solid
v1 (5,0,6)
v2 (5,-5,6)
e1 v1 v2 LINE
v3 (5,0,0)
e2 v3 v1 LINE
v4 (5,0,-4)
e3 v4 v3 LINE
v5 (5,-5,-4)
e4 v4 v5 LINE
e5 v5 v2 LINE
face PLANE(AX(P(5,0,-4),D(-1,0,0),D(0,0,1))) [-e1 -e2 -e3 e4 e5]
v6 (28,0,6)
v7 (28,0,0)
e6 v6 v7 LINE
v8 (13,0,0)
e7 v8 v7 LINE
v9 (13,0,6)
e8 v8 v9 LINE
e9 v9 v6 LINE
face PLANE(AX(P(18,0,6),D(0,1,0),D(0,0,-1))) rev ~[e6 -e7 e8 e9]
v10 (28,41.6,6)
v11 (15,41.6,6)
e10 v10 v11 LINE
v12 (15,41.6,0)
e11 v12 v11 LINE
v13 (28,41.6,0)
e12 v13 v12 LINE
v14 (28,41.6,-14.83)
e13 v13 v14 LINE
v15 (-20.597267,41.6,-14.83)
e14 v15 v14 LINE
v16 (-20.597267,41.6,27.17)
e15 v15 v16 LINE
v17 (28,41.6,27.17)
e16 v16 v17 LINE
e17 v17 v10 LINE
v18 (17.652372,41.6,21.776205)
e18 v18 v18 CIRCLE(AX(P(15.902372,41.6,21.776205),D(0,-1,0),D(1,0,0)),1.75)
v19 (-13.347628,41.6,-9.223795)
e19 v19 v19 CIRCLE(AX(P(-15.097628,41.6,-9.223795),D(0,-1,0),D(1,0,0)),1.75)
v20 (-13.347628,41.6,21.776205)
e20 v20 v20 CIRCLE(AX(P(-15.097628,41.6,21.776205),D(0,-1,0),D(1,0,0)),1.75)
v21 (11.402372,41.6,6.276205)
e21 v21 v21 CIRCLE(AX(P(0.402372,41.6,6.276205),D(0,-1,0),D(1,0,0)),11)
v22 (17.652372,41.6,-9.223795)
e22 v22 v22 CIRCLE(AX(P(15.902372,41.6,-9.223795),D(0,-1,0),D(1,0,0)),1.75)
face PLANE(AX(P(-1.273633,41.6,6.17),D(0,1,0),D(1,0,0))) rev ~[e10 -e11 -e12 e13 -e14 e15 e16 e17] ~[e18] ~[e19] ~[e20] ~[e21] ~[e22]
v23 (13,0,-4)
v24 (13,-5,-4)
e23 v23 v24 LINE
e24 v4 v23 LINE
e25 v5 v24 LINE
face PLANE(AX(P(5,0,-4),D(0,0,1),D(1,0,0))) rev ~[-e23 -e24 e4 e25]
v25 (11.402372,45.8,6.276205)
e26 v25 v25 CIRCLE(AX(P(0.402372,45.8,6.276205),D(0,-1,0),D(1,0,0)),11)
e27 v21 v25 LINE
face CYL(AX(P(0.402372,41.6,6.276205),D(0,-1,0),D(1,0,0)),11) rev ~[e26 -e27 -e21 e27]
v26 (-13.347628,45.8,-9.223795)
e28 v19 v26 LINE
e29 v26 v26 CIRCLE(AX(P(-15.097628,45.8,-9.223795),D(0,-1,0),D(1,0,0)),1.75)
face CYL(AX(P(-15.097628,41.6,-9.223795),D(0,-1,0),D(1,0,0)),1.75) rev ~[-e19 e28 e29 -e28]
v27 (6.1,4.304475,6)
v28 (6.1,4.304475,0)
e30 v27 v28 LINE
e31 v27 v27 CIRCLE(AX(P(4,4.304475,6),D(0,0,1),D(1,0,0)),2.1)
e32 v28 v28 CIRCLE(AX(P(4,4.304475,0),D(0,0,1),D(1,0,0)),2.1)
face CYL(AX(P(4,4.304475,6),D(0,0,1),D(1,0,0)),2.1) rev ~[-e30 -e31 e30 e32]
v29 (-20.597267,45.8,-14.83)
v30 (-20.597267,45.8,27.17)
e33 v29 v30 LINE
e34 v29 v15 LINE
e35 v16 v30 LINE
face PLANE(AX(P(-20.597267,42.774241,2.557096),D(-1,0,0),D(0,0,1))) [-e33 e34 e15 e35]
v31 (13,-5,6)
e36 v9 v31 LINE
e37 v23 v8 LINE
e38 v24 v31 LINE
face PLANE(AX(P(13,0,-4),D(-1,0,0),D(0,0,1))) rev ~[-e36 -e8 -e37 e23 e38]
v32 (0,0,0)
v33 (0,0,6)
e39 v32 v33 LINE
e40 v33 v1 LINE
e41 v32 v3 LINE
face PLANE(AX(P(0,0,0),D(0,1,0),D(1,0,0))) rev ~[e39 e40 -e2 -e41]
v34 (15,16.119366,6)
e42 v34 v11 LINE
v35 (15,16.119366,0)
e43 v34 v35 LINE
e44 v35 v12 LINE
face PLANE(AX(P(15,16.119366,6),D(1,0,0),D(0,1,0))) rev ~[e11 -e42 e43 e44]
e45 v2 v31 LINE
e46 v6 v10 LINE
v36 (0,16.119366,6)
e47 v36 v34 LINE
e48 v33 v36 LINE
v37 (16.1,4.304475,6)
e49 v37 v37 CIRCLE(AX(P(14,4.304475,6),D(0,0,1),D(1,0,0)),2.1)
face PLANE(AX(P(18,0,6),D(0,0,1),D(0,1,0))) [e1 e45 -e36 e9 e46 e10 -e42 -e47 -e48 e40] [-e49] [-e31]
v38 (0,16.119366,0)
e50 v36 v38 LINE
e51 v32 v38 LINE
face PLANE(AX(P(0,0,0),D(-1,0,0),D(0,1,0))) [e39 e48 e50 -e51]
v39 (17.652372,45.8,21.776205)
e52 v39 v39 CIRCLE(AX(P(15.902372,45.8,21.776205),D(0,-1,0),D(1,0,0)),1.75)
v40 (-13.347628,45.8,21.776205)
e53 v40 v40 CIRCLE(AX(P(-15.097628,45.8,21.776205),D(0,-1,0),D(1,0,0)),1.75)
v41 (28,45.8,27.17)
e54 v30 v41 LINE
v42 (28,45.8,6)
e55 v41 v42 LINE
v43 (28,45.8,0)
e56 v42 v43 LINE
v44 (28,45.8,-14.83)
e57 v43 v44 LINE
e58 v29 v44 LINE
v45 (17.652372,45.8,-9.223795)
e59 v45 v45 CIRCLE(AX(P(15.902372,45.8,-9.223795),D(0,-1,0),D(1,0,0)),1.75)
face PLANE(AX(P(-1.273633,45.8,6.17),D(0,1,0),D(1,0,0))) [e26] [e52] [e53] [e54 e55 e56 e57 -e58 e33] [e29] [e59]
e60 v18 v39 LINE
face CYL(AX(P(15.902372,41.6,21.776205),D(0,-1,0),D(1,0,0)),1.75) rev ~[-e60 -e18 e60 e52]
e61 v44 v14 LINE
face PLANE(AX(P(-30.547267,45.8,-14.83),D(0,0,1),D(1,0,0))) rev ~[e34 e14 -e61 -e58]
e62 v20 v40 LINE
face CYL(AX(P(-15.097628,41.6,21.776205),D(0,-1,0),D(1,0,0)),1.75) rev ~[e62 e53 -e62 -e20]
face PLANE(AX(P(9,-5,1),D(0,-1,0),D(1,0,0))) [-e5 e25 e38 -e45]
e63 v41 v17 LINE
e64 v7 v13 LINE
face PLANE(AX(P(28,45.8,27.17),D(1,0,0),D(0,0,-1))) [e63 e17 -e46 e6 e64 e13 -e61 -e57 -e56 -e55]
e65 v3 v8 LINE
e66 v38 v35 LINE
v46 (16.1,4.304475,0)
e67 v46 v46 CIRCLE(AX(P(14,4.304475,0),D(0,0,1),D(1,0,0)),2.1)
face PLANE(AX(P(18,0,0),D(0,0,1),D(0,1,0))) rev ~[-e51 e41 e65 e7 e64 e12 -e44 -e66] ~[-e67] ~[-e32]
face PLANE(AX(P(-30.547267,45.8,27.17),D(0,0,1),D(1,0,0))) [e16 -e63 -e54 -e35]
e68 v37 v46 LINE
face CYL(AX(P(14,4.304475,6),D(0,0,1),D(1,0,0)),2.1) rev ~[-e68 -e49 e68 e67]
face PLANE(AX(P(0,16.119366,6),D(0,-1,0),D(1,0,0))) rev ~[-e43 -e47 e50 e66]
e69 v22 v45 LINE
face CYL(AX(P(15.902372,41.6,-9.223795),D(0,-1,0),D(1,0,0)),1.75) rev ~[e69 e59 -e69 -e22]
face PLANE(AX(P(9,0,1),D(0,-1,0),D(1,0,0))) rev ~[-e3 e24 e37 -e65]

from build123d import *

# Parameters (mm, degrees)
SKETCH_1_W          = 18
SKETCH_1_H          = 50
EXTRUDE_1_DEPTH     = 6
SKETCH_3_R          = 2.1
CUT_EXTRUDE_2_DEPTH = 6
SKETCH_4_W          = 8
SKETCH_4_H          = 10
EXTRUDE_2_DEPTH     = 5
SKETCH_5_W          = 6
SKETCH_5_H          = 50
EXTRUDE_3_DEPTH     = 10
SKETCH_6_W          = 15
SKETCH_6_H          = 33.880633875
CUT_EXTRUDE_3_DEPTH = 10
SKETCH_7_W          = 18.194641251
SKETCH_7_H          = 8.438338953
CUT_EXTRUDE_4_DEPTH = 4.2
SKETCH_8_W          = 58.547266504
SKETCH_8_H          = 42
EXTRUDE_4_DEPTH     = 4.2
SKETCH_9_W          = 49.225807408
SKETCH_9_H          = 6.051517764
CUT_EXTRUDE_5_DEPTH = 9.95
SKETCH_15_R         = 1.75
CUT_EXTRUDE_6_DEPTH = 9.95
SKETCH_16_R         = 11
CUT_EXTRUDE_7_DEPTH = 10


with BuildPart() as part:
    # 草图1 → 凸台-拉伸1 (new body)
    with BuildSketch(Plane.XY):
        with Locations((9, 25)):
            Rectangle(SKETCH_1_W, SKETCH_1_H)
    extrude(amount=EXTRUDE_1_DEPTH)

    # 草图3 → 切除-拉伸2 (cut)
    with BuildSketch(Plane.XY.offset(6)):
        with Locations((4, 4.30447472)):
            Circle(SKETCH_3_R)
        with Locations((14, 4.30447472)):
            Circle(SKETCH_3_R)
    extrude(amount=-CUT_EXTRUDE_2_DEPTH, mode=Mode.SUBTRACT)

    # 草图4 → 凸台-拉伸2 (add)
    with BuildSketch(Plane.XZ):
        with Locations((9, 1)):
            Rectangle(SKETCH_4_W, SKETCH_4_H)
    extrude(amount=EXTRUDE_2_DEPTH)

    # 草图5 → 凸台-拉伸3 (add)
    with BuildSketch(Plane(origin=(18, 0, 0), x_dir=(0, 0, -1), z_dir=(1, 0, 0))):
        with Locations((-3, 25)):
            Rectangle(SKETCH_5_W, SKETCH_5_H)
    extrude(amount=EXTRUDE_3_DEPTH)

    # 草图6 → 切除-拉伸3 (cut)
    with BuildSketch(Plane.XY.offset(6)):
        with Locations((7.5, 33.059683062)):
            Rectangle(SKETCH_6_W, SKETCH_6_H)
    extrude(amount=-CUT_EXTRUDE_3_DEPTH, mode=Mode.SUBTRACT)

    # 草图7 → 切除-拉伸4 (cut)
    with BuildSketch(Plane(origin=(0, 50, 0), x_dir=(1, 0, 0), z_dir=(0, 1, 0))):
        with Locations((18.902679374, -1.780830523)):
            Rectangle(SKETCH_7_W, SKETCH_7_H)
    extrude(amount=-CUT_EXTRUDE_4_DEPTH, mode=Mode.SUBTRACT)

    # 草图8 → 凸台-拉伸4 (add)
    with BuildSketch(Plane(origin=(0, 45.8, 0), x_dir=(1, 0, 0), z_dir=(0, 1, 0))):
        with Locations((-1.273633252, -6.17)):
            Rectangle(SKETCH_8_W, SKETCH_8_H)
    extrude(amount=-EXTRUDE_4_DEPTH)

    # 草图9 → 切除-拉伸5 (cut)
    with BuildSketch(Plane.ZY.offset(30.547266504)):
        with Locations((2.557096296, 42.774241118)):
            Rectangle(SKETCH_9_W, SKETCH_9_H)
    extrude(amount=-CUT_EXTRUDE_5_DEPTH, mode=Mode.SUBTRACT)

    # 草图15 → 切除-拉伸6 (cut)
    with BuildSketch(Plane.XZ.offset(-41.6)):
        with Locations((15.90237217, -9.22379542)):
            Circle(SKETCH_15_R)
        with Locations((-15.09762783, -9.22379542)):
            Circle(SKETCH_15_R)
        with Locations((15.90237217, 21.77620458)):
            Circle(SKETCH_15_R)
        with Locations((-15.09762783, 21.77620458)):
            Circle(SKETCH_15_R)
    extrude(amount=-CUT_EXTRUDE_6_DEPTH, mode=Mode.SUBTRACT)

    # 草图16 → 切除-拉伸7 (cut)
    with BuildSketch(Plane.XZ.offset(-41.6)):
        with Locations((0.40237217, 6.27620458)):
            Circle(SKETCH_16_R)
    extrude(amount=-CUT_EXTRUDE_7_DEPTH, mode=Mode.SUBTRACT)


solid = part.part
